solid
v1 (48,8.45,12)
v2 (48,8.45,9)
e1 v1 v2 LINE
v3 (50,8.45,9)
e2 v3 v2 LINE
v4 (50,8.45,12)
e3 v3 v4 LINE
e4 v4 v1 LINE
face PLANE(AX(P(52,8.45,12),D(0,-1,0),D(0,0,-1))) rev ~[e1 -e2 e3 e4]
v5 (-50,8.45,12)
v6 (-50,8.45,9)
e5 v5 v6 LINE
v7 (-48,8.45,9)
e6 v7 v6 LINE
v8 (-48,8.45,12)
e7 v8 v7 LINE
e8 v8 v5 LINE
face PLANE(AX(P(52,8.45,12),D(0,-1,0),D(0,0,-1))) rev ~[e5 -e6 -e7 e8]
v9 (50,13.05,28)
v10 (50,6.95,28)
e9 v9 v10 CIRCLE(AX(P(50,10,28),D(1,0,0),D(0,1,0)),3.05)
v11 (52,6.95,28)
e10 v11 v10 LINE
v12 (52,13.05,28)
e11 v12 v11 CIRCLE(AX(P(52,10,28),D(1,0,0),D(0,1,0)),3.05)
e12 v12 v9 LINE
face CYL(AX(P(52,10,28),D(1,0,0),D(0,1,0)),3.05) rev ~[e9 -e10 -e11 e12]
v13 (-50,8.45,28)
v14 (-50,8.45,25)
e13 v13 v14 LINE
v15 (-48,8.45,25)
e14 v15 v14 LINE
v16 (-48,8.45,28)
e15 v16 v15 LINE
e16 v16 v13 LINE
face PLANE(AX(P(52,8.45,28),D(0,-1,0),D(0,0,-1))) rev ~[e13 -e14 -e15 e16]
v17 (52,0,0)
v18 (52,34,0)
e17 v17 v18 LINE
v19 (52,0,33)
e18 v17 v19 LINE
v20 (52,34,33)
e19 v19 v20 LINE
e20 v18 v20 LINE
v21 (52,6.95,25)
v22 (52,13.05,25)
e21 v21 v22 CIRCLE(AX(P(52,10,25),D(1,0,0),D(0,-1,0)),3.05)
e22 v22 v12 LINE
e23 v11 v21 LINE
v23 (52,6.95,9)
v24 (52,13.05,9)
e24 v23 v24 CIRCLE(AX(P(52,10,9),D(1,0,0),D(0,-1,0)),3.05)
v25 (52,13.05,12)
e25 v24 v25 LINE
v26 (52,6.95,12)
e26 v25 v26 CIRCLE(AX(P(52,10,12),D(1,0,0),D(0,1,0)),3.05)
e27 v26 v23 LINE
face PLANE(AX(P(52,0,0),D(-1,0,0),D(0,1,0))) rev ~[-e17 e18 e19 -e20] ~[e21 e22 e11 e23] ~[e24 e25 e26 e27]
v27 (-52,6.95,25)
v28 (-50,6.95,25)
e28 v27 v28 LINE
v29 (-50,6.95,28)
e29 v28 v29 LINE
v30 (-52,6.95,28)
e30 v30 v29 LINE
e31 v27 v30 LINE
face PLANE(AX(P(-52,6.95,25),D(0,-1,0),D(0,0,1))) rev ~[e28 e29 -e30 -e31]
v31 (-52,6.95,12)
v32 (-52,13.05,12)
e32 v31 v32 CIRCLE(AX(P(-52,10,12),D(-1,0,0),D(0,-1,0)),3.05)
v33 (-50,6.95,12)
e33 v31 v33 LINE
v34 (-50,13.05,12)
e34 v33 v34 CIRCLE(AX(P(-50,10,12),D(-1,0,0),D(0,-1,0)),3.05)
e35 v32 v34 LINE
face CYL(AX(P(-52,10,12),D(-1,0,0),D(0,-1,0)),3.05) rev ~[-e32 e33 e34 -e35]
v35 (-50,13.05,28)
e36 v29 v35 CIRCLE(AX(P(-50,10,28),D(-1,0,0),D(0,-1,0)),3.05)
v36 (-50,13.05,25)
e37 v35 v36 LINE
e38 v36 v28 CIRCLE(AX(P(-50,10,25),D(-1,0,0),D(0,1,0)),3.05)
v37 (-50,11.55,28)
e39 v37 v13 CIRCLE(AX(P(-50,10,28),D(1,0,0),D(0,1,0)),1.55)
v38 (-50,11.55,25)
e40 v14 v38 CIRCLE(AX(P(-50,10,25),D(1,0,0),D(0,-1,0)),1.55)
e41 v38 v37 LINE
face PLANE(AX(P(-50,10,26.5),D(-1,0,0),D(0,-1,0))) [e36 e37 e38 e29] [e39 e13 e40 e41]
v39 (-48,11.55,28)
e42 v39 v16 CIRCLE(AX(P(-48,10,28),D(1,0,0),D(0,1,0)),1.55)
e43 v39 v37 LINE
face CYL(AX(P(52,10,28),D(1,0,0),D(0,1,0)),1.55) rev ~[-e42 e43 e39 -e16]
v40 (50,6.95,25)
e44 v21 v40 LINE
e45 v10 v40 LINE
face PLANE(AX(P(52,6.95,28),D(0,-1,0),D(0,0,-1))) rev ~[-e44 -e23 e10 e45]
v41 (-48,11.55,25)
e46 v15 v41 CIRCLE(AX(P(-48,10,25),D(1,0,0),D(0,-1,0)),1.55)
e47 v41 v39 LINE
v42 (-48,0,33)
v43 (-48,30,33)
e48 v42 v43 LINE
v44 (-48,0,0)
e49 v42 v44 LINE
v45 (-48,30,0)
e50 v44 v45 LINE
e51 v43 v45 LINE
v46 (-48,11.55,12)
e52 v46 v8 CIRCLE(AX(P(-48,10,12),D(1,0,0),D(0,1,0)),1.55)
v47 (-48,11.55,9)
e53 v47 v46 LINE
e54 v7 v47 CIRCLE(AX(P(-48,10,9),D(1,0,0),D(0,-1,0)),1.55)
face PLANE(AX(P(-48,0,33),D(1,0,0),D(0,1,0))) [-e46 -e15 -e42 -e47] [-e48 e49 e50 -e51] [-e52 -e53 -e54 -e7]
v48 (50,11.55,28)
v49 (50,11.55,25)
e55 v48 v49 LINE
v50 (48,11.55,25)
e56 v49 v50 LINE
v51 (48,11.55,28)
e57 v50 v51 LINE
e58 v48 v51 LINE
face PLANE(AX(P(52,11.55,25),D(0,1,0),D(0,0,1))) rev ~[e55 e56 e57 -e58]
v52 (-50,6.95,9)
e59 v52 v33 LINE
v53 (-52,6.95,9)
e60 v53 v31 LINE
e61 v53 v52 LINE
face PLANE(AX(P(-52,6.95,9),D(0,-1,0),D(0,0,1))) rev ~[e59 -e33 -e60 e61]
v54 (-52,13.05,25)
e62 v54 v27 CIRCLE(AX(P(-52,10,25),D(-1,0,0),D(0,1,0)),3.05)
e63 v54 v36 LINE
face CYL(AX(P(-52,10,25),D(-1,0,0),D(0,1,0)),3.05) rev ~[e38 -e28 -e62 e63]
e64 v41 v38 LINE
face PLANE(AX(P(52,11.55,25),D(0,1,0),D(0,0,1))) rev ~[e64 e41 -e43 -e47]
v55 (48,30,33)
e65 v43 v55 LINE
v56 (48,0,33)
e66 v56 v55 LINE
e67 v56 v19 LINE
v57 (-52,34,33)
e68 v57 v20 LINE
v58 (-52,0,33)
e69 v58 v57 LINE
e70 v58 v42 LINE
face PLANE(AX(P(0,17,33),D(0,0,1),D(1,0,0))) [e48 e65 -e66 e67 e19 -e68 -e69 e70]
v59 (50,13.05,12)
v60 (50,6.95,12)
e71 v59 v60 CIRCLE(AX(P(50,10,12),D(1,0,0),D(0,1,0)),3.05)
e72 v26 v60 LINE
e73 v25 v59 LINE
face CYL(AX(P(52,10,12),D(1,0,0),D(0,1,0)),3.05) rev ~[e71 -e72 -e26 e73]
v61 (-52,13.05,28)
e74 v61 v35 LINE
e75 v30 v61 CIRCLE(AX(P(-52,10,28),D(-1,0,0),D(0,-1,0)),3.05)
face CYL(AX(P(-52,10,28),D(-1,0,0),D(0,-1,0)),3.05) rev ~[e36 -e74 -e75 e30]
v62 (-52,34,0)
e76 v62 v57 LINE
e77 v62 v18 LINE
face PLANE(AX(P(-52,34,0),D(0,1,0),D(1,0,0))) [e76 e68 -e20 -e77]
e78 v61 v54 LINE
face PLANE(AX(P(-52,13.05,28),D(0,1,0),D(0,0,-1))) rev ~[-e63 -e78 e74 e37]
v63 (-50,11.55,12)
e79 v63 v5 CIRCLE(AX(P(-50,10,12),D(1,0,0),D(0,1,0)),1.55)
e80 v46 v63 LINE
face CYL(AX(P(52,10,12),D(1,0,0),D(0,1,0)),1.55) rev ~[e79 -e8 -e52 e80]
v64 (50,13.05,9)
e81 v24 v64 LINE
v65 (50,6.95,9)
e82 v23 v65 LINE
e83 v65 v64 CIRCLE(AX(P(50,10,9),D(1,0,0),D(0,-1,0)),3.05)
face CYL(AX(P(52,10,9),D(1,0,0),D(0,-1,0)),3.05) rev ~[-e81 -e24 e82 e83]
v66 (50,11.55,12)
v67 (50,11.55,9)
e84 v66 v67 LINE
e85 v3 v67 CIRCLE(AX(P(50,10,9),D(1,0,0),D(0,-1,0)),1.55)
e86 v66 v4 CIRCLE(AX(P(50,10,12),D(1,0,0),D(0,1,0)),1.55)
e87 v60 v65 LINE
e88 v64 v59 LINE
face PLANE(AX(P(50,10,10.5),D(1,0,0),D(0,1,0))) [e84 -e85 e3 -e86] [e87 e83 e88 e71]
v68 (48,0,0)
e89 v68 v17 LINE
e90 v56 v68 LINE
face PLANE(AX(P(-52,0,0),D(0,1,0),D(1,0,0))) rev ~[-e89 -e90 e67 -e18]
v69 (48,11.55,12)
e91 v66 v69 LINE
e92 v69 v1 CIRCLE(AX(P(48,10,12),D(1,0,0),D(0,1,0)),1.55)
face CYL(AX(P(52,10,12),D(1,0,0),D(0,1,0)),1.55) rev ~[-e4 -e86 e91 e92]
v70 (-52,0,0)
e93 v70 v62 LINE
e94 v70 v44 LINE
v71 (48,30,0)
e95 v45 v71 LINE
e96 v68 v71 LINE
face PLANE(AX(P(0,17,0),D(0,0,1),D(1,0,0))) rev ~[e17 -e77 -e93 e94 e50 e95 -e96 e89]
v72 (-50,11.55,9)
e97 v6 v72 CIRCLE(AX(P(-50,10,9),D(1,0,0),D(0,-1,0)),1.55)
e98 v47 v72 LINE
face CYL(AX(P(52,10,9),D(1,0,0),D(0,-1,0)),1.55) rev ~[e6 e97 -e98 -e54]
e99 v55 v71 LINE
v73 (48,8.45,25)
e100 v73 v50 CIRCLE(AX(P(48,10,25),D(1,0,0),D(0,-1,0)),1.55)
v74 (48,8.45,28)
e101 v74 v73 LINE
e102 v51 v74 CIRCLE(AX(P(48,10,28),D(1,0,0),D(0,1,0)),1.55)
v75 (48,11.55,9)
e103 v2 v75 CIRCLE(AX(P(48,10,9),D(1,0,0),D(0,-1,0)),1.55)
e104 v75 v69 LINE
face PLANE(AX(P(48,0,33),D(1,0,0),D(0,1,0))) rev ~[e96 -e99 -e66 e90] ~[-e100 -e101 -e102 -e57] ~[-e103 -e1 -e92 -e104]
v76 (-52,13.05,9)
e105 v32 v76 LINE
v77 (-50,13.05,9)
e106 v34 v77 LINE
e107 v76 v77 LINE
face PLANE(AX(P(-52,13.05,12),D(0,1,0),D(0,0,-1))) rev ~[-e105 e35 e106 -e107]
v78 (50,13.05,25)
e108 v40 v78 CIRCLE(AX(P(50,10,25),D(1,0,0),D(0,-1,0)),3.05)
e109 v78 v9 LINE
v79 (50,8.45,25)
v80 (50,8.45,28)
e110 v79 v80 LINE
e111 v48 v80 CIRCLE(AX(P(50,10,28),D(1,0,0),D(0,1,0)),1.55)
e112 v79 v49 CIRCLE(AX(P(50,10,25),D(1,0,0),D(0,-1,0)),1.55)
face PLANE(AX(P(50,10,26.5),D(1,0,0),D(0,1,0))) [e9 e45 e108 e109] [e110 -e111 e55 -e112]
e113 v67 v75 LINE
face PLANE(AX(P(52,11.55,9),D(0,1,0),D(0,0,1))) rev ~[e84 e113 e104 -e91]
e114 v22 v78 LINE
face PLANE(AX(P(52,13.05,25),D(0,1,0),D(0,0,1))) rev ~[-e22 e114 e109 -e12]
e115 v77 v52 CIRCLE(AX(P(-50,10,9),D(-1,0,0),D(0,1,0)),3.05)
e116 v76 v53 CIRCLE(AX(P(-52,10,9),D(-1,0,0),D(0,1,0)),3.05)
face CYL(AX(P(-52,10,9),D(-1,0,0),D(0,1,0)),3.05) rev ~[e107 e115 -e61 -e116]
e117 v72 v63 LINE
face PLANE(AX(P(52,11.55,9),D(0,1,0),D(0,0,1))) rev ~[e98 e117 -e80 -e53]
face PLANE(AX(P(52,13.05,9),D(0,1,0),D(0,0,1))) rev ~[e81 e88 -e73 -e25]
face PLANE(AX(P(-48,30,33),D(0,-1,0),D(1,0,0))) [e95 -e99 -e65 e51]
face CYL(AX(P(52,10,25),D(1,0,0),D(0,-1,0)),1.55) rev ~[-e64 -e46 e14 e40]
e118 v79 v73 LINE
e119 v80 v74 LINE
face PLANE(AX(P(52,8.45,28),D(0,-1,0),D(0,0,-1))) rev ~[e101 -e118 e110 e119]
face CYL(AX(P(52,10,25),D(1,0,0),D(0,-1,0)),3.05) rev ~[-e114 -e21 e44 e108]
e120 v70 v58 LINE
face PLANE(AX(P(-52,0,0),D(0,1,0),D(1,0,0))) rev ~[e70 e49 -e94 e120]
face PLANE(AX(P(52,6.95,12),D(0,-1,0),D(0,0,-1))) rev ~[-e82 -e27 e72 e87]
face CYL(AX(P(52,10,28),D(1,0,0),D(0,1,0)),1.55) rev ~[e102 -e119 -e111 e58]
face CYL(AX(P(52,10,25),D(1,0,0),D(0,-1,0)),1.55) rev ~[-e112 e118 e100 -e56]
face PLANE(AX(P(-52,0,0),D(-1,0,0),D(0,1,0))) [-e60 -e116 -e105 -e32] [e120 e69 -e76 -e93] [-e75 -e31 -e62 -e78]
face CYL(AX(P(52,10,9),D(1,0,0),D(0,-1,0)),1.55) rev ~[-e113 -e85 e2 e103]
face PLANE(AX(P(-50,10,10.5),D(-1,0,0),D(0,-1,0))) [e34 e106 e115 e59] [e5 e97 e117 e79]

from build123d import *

# Parameters (mm, degrees)
SKETCH_W        = 104
SKETCH_H        = 34
PAD_DEPTH       = 33
SKETCH001_W     = 96
SKETCH001_H     = 30
POCKET_DEPTH    = 33.001
POCKET001_DEPTH = 104.001
POCKET002_DEPTH = 2
POCKET003_DEPTH = 2


with BuildPart() as part:
    # Sketch → Pad (new body)
    with BuildSketch(Plane.XY):
        with Locations((0, 17)):
            Rectangle(SKETCH_W, SKETCH_H)
    extrude(amount=PAD_DEPTH)

    # Sketch001 (on Face6 of Pad) → Pocket (cut, through all)
    with BuildSketch(Plane.XY.offset(33)):
        with Locations((0, 15)):
            Rectangle(SKETCH001_W, SKETCH001_H)
    extrude(amount=-POCKET_DEPTH, mode=Mode.SUBTRACT)

    # Sketch002 (on Face7 of Pocket) → Pocket001 (cut, through all)
    with BuildSketch(Plane.YZ.offset(52)):
        with BuildLine():
            ThreePointArc((11.55, 28), (10, 29.55), (8.45, 28))
            Line((8.45, 28), (8.45, 25))
            ThreePointArc((8.45, 25), (10, 23.45), (11.55, 25))
            Line((11.55, 25), (11.55, 28))
        make_face()
        with BuildLine():
            ThreePointArc((11.55, 12), (10, 13.55), (8.45, 12))
            Line((8.45, 12), (8.45, 9))
            ThreePointArc((8.45, 9), (10, 7.45), (11.55, 9))
            Line((11.55, 9), (11.55, 12))
        make_face()
    extrude(amount=-POCKET001_DEPTH, mode=Mode.SUBTRACT)

    # Sketch003 (on Face7 of Pocket001) → Pocket002 (cut)
    with BuildSketch(Plane.YZ.offset(52)):
        with BuildLine():
            ThreePointArc((13.05, 28), (10, 31.05), (6.95, 28))
            Line((6.95, 28), (6.95, 25))
            ThreePointArc((6.95, 25), (10, 21.95), (13.05, 25))
            Line((13.05, 25), (13.05, 28))
        make_face()
        with BuildLine():
            ThreePointArc((13.05, 12), (10, 15.05), (6.95, 12))
            Line((6.95, 12), (6.95, 9))
            ThreePointArc((6.95, 9), (10, 5.95), (13.05, 9))
            Line((13.05, 9), (13.05, 12))
        make_face()
    extrude(amount=-POCKET002_DEPTH, mode=Mode.SUBTRACT)

    # Sketch004 (on Face5 of Pocket002) → Pocket003 (cut)
    with BuildSketch(Plane(origin=(-52, 0, 0), x_dir=(0, -1, 0), z_dir=(-1, 0, 0))):
        with BuildLine():
            ThreePointArc((-6.95, 28), (-10, 31.05), (-13.05, 28))
            Line((-13.05, 28), (-13.05, 25))
            ThreePointArc((-13.05, 25), (-10, 21.95), (-6.95, 25))
            Line((-6.95, 25), (-6.95, 28))
        make_face()
        with BuildLine():
            ThreePointArc((-6.95, 12), (-10, 15.05), (-13.05, 12))
            Line((-13.05, 12), (-13.05, 9))
            ThreePointArc((-13.05, 9), (-10, 5.95), (-6.95, 9))
            Line((-6.95, 9), (-6.95, 12))
        make_face()
    extrude(amount=-POCKET003_DEPTH, mode=Mode.SUBTRACT)


solid = part.part
